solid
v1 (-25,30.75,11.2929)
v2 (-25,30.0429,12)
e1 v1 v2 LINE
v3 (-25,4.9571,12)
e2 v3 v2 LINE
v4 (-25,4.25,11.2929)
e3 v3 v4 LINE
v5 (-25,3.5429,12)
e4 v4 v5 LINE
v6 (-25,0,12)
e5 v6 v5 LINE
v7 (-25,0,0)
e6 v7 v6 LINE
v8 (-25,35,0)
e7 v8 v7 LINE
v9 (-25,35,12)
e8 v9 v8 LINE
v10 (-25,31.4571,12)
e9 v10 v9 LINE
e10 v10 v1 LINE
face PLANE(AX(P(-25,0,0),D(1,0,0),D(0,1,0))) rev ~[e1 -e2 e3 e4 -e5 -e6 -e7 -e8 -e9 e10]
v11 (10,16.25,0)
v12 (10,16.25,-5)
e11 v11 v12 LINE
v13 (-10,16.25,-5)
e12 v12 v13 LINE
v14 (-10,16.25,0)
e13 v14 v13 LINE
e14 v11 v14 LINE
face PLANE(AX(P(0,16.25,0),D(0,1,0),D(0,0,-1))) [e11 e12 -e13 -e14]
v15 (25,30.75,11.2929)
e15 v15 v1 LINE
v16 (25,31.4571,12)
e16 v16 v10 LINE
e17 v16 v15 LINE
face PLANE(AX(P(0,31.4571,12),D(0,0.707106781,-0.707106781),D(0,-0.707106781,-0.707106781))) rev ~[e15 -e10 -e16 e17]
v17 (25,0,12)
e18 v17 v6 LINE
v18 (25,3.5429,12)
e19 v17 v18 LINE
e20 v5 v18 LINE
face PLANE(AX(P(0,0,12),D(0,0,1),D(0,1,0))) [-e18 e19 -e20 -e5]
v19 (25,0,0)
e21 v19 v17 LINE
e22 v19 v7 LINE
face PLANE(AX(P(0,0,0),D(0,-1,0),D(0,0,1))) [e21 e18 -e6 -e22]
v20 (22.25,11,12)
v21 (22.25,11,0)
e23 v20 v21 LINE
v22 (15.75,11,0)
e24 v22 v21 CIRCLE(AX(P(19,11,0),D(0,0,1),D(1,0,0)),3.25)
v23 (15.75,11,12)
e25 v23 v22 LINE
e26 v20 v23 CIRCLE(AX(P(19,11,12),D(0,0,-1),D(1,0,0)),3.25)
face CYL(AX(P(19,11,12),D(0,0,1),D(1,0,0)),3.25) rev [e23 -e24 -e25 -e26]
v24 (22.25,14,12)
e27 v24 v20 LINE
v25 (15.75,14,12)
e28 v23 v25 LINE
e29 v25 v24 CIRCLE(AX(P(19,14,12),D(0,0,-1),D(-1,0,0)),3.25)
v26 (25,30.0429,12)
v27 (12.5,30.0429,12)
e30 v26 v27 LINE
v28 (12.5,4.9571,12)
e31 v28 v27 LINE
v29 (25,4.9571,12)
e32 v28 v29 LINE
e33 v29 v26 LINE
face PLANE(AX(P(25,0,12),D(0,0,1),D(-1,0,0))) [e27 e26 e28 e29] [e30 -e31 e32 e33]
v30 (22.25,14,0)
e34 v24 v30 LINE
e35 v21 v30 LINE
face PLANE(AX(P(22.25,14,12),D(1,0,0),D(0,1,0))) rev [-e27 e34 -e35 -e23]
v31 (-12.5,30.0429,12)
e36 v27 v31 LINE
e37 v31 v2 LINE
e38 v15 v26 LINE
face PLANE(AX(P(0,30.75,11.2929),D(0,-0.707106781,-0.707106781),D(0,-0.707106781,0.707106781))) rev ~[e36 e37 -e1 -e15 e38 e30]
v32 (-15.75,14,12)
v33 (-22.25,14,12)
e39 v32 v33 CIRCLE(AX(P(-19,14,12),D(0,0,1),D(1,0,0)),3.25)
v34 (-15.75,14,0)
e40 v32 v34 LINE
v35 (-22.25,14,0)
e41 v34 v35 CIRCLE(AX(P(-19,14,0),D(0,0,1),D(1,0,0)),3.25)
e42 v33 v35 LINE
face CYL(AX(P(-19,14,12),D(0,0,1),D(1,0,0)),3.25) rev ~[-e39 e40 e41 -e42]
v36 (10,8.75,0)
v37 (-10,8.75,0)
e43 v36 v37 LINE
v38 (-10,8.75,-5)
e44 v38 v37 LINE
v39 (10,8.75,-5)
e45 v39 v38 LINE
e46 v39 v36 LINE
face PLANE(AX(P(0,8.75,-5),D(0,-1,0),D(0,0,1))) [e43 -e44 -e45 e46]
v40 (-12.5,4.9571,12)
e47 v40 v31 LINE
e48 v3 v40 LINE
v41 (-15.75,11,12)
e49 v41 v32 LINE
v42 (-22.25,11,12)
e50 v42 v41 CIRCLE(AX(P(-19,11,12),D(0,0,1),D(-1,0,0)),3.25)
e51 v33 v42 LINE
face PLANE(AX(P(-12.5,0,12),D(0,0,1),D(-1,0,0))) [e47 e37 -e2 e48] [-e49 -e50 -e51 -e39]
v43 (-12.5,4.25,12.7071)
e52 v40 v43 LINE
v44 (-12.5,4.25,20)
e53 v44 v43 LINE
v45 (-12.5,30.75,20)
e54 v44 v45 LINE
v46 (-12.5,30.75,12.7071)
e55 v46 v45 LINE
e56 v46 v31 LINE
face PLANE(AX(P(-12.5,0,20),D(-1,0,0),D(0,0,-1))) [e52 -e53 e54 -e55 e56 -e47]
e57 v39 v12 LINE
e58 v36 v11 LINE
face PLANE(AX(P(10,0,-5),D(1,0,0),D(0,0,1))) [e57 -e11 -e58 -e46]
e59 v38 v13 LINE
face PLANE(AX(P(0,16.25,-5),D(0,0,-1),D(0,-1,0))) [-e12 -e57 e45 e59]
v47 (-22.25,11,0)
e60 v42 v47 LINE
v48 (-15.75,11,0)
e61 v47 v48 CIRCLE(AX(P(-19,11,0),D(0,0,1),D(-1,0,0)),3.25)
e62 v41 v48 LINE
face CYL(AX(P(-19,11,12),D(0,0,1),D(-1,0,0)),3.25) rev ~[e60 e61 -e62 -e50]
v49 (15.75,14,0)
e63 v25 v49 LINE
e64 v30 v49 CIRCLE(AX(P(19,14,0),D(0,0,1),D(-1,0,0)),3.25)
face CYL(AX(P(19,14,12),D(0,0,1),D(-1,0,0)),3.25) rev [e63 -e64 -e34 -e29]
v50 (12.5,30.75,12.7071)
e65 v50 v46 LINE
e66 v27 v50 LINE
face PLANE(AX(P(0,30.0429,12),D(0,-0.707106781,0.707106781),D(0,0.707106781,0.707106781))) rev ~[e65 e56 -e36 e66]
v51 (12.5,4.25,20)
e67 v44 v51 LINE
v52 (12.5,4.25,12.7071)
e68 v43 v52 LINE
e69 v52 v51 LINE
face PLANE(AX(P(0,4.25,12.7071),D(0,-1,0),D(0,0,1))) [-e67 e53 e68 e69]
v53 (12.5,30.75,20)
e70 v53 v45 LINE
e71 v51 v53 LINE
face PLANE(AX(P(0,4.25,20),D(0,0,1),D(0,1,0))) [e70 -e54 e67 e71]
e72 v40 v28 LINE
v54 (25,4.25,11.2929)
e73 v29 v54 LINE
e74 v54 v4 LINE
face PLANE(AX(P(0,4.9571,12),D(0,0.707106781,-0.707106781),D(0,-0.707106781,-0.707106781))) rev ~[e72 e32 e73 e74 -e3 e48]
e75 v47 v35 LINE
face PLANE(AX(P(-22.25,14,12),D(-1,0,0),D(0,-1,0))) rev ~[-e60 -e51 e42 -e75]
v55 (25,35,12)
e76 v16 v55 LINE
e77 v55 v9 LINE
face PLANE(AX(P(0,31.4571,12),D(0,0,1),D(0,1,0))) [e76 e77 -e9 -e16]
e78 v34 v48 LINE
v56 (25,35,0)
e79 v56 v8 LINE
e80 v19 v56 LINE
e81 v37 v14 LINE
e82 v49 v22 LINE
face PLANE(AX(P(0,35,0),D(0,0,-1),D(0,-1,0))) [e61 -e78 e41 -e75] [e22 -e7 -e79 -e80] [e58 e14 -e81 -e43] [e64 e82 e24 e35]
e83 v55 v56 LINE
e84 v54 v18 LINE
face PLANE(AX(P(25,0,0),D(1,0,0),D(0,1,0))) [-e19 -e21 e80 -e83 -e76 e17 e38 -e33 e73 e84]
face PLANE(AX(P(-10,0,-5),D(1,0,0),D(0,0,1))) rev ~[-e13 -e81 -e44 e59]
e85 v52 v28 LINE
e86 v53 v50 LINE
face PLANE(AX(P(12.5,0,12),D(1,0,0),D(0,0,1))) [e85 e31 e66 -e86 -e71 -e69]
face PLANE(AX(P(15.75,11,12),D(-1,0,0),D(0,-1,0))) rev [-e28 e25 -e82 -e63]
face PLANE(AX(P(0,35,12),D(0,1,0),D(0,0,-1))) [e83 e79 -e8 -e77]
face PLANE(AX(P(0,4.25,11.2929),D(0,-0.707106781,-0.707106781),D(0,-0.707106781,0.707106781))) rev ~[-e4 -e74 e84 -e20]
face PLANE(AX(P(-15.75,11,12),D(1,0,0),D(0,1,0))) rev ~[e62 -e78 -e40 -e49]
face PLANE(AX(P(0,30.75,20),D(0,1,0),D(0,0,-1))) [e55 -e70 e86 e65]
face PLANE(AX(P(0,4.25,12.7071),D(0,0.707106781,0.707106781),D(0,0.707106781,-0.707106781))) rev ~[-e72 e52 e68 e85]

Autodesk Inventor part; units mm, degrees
ref_plane "YZ Plane" through (0, 0, 0) normal (1, 0, 0) x (0, 1, 0)
ref_plane "XZ Plane" through (0, 0, 0) normal (0, 1, 0) x (-1, 0, 0)
ref_plane "XY Plane" through (0, 0, 0) normal (0, 0, 1) x (1, 0, 0)
sketch "Sketch1" plane through (0, 0, 0) normal (1, 0, 0) x (0, 1, 0)
  line L0 (4.25, 20) -> (30.75, 20)
  line L1 (30.75, 20) -> (30.75, 12)
  line L2 (30.75, 12) -> (35, 12)
  line L3 (35, 12) -> (35, 0)
  line L4 (35, 0) -> (16.25, 0)
  line L5 (16.25, 0) -> (16.25, -5)
  line L6 (16.25, -5) -> (8.75, -5)
  line L7 (8.75, -5) -> (8.75, 0)
  line L8 (8.75, 0) -> (0, 0)
  line L9 (0, 0) -> (0, 12)
  line L10 (0, 12) -> (4.25, 12)
  line L11 (4.25, 12) -> (4.25, 20)
  line L12 (3.5429, 12) -> (4.25, 12.7071)
  line L13 (4.25, 12.7071) -> (4.9571, 12)
  line L14 (4.9571, 12) -> (4.25, 11.2929)
  line L15 (4.25, 11.2929) -> (3.5429, 12)
  line L16 (30.75, 12.7071) -> (31.4571, 12)
  line L17 (31.4571, 12) -> (30.75, 11.2929)
  line L18 (30.75, 11.2929) -> (30.0429, 12)
  line L19 (30.0429, 12) -> (30.75, 12.7071)
  dimension "d0" = 35
  dimension "d3" = 7.5
  dimension "d4" = 8
  dimension "d5" = 25
  dimension "d6" = 5
  dimension "d7" = 22
  dimension "d9" = 12
  dimension "d11" = 4.25
  dimension "d12" = 4.25
  dimension "d19" = 1
  dimension "d20" = 0.5
  dimension "d21" = 0.5
  dimension "d22" = 1
  dimension "d23" = 45
extrude "Extrusion1" add sketch "Sketch1" along normal mid plane 50 contours L0 L1 L19 L18 L17 L2 L3 L4 L5 L6 L7 L8 L9 L10 L15 L14 L13 L11
sketch "Sketch2" plane through (-25, 0, 0) normal (0, -1, 0) x (1, 0, 0)
  line L0 (0, 20) -> (12.5, 20)
  line L1 (12.5, 20) -> (12.5, 12)
  line L2 (12.5, 12) -> (0, 12)
  line L3 (0, 12) -> (0, 20)
  line L4 (37.5, 20) -> (50, 20)
  line L5 (50, 20) -> (50, 12)
  line L6 (50, 12) -> (37.5, 12)
  line L7 (37.5, 12) -> (37.5, 20)
  line L8 (50, -5) -> (35, -5)
  line L9 (35, -5) -> (35, 0)
  line L10 (35, 0) -> (50, 0)
  line L11 (50, 0) -> (50, -5)
  line L12 (0, -5) -> (15, -5)
  line L13 (15, -5) -> (15, 0)
  line L14 (15, 0) -> (0, 0)
  line L15 (0, 0) -> (0, -5)
  line L16 (0, -5) -> (50, -5) projected
  line L17 (50, 0) -> (50, -5) projected
  line L18 (50, 20) -> (0, 20) projected
  line L19 (0, 12.7071) -> (0, 20) projected
  line L20 (0, 12) -> (50, 12) projected
  line L21 (25, 0) -> (50, 0) projected
  dimension "d15" = 25
  dimension "d16" = 20
extrude "Extrusion2" cut sketch "Sketch2" against normal through all contours L0 L1 L2 L3 | L4 L5 L6 L7 | L12 L15 L14 L13 | L8 L9 L10 L11
sketch "Sketch4" plane through (12.5, 30.0429, 12) normal (0, 0, 1) x (1, 0, 0)
  line L0 (-31.5, -19.0429) -> (-31.5, -16.0429) construction
  line L1 (-28.25, -19.0429) -> (-28.25, -16.0429)
  line L2 (-34.75, -16.0429) -> (-34.75, -19.0429)
  arc A0 (-34.75, -19.0429) -> (-28.25, -19.0429) centre (-31.5, -19.0429) ccw
  arc A1 (-28.25, -16.0429) -> (-34.75, -16.0429) centre (-31.5, -16.0429) ccw
  line L3 (-37.5, -25.0858) -> (-37.5, 0) projected
  line L4 (-22.5, -21.2929) -> (-2.5, -21.2929) projected
  point P0 (-31.5, -17.5429)
  dimension "d24" = 6.5
  dimension "d25" = 3
  dimension "d26" = 6
  dimension "d27" = 3.75
extrude "Extrusion3" cut sketch "Sketch4" against normal through all
mirror "Mirror1" about plane through (0, 0, 0) normal (1, 0, 0) of "Extrusion3"
equation "\"d21\" = d20"
equation "\"d22\" = d19"
equation "\"d27\" = 0.5 * d3"
properties part number "Holding Block" material "Aluminum 6061"
